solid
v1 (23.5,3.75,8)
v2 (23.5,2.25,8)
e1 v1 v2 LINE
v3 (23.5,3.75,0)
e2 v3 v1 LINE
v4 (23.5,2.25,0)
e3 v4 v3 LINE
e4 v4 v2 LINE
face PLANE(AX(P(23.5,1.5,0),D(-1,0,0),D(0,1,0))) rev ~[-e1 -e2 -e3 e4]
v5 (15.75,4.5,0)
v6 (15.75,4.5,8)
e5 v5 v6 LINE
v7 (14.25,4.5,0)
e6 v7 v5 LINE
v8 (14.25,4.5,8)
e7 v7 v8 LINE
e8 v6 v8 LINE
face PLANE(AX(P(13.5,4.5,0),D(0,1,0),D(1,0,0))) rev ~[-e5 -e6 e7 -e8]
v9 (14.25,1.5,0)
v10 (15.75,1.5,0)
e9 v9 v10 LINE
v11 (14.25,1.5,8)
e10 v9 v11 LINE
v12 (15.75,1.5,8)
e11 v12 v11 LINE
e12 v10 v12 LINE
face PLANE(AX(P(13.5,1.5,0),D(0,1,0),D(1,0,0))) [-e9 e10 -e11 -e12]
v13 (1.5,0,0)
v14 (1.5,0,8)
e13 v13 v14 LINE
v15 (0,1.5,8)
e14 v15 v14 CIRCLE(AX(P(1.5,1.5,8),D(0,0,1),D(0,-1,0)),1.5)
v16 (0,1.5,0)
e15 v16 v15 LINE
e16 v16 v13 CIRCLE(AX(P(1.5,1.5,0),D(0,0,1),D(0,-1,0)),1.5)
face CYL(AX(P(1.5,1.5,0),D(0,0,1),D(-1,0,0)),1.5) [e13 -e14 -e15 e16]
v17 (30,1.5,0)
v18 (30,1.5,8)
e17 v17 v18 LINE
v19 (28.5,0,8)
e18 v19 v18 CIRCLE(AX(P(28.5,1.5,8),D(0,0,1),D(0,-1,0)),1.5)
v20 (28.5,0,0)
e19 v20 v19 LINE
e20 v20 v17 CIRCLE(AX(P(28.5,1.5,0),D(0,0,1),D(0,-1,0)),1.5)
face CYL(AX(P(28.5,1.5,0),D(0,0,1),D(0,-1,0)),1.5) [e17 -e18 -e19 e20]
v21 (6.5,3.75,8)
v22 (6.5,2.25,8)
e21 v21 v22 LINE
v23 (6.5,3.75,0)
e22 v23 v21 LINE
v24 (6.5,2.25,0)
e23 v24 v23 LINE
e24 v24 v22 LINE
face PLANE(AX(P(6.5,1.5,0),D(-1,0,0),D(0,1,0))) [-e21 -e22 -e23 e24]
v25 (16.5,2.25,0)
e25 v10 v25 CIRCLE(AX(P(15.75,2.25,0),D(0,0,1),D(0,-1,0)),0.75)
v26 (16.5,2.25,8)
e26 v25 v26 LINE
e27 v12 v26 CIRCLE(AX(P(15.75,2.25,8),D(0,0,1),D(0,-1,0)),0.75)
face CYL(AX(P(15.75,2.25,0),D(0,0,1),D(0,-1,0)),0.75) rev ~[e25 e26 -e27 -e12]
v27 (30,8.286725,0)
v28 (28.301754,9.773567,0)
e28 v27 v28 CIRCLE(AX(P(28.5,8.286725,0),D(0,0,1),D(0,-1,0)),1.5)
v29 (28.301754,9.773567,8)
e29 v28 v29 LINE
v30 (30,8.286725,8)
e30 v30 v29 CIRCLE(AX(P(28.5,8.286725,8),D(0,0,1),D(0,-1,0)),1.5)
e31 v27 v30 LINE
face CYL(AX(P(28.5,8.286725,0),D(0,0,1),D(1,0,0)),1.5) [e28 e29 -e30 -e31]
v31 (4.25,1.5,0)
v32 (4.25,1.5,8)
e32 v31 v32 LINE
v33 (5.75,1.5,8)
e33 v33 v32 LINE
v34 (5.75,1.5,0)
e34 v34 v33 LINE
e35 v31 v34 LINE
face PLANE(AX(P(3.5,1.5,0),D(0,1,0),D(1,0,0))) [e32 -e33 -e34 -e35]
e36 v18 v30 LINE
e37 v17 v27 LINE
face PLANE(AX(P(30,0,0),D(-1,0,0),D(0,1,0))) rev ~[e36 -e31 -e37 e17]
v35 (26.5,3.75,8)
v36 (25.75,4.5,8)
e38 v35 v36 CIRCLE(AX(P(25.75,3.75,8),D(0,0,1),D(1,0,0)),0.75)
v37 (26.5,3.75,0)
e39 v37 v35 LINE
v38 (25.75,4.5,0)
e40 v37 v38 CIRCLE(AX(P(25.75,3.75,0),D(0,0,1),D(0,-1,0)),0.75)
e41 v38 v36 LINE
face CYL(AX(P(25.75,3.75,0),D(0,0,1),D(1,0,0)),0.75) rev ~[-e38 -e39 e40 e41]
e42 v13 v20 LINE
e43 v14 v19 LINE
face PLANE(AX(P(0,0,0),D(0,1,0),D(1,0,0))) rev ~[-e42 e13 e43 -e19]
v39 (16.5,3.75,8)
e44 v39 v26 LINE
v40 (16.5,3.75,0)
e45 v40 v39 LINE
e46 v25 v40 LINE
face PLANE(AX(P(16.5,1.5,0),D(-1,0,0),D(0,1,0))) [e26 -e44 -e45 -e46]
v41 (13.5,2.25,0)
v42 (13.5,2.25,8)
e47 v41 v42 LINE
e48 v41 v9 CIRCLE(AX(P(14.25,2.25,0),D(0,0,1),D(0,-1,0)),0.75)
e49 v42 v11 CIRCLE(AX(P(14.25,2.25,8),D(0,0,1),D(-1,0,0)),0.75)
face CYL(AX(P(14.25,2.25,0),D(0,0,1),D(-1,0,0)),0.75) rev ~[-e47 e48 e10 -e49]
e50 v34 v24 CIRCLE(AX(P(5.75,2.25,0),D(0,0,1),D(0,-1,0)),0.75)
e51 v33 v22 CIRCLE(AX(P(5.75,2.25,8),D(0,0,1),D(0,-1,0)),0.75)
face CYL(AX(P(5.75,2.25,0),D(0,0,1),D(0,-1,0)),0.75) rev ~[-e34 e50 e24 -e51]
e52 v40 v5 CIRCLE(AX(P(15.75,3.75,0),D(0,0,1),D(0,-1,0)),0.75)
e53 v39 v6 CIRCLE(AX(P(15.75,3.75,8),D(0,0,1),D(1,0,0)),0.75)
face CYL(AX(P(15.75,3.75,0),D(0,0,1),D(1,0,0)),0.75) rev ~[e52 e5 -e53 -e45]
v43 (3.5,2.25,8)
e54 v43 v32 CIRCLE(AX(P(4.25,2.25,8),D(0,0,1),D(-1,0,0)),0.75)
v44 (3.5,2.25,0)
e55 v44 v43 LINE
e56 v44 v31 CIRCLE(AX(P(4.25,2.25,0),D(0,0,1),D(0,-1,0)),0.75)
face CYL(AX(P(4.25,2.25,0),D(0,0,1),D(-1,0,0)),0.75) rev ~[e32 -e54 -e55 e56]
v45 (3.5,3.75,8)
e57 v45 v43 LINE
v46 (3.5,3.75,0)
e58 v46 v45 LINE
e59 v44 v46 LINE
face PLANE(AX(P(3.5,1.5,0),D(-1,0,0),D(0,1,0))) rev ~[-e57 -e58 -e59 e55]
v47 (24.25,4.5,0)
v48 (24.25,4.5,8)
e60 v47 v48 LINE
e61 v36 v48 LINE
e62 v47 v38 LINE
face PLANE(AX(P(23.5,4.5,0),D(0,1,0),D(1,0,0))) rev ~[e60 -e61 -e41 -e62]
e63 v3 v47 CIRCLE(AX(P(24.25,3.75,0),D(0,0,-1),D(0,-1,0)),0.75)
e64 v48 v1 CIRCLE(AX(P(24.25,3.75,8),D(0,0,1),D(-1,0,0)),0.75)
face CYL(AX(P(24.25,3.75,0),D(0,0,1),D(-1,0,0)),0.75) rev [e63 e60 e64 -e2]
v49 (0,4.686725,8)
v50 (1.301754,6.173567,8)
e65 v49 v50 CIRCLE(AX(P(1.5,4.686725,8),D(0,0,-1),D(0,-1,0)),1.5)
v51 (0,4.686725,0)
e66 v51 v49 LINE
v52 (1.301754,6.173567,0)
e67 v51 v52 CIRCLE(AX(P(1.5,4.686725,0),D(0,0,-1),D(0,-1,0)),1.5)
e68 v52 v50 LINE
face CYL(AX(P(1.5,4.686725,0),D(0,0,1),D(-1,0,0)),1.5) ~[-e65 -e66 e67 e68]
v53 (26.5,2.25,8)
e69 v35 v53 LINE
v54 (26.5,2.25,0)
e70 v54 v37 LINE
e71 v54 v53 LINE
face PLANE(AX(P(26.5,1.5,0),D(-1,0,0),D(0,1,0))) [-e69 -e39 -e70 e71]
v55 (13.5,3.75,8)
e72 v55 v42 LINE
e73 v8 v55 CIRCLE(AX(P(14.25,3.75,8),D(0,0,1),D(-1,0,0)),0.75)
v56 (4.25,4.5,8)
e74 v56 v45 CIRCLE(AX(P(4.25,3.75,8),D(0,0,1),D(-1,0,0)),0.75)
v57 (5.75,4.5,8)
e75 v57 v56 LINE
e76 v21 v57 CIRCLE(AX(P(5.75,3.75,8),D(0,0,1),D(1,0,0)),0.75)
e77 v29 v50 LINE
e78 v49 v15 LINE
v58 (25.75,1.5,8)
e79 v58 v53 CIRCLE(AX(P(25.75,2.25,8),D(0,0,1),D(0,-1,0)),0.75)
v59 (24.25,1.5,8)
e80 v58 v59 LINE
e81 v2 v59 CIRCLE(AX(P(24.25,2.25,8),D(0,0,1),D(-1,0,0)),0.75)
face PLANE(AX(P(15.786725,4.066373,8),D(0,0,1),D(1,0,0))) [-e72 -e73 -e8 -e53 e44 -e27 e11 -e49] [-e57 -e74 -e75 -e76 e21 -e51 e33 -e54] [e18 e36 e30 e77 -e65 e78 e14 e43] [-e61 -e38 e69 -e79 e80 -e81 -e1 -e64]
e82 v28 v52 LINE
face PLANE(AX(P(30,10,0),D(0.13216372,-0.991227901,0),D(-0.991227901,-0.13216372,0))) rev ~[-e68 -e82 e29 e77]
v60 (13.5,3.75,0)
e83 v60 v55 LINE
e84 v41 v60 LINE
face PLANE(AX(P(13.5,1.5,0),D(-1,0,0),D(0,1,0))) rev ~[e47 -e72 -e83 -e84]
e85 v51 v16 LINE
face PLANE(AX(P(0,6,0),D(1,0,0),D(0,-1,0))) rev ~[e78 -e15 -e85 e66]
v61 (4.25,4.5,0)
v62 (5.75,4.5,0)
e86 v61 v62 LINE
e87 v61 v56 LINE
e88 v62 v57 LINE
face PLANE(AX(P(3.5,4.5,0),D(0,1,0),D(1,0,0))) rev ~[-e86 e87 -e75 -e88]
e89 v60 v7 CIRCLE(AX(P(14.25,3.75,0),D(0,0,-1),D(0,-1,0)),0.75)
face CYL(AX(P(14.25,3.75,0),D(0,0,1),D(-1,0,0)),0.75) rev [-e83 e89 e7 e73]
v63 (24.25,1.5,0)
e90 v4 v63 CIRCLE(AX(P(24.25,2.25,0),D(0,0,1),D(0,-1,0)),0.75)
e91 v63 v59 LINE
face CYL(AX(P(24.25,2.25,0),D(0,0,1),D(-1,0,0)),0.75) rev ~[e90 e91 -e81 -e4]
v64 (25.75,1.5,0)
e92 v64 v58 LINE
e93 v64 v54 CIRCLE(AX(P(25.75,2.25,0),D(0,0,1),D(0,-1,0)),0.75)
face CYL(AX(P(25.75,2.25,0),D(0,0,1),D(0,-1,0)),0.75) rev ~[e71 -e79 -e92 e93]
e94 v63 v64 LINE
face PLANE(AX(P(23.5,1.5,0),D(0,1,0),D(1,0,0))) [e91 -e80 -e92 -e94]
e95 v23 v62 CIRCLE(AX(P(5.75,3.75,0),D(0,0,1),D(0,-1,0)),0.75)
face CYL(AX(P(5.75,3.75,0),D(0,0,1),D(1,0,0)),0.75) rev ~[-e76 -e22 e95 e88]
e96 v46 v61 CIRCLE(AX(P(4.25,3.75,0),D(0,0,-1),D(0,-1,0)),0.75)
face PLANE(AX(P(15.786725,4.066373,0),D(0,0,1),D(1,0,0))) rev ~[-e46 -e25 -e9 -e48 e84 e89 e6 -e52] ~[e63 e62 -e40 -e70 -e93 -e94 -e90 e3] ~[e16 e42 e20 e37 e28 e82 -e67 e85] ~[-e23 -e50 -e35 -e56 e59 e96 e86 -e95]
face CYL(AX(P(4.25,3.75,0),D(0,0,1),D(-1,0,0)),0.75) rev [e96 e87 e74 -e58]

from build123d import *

# Parameters (mm, degrees)
F1_DEPTH = 8
F2_R     = 1.5
F3_W     = 3
F3_H     = 3
F4_DEPTH = 9
F5_R     = 0.75


with BuildPart() as f1:
    # F0 (on Top) → F1 (new body)
    with BuildSketch(Plane.XY):
        Polygon((0, 6), (0, 0), (30, 0), (30, 10), align=None)
    extrude(amount=F1_DEPTH)

    # F2
    f2_edges = [f1.edges().sort_by_distance(p)[0] for p in [
        (30, 0, 4),
        (0, 0, 4),
        (30, 10, 4),
        (0, 6, 4),
    ]]
    fillet(f2_edges, radius=F2_R)


with BuildPart() as f4:
    # F3 (on Top) → F4 (new body)
    with BuildSketch(Plane.XY):
        Rectangle(F3_W, F3_H)
    extrude(amount=F4_DEPTH)

    # F5
    f5_edges = [f4.edges().sort_by_distance(p)[0] for p in [
        (1.5, -1.5, 4.5),
        (-1.5, -1.5, 4.5),
        (1.5, 1.5, 4.5),
        (-1.5, 1.5, 4.5),
    ]]
    fillet(f5_edges, radius=F5_R)


with BuildPart() as f4_1:
    # F6: moved
    add(f4.part.moved(Location((25, 4, 0))))


with BuildPart() as f7_1:
    # F7: copy of F4
    add(f4_1.part)


with BuildPart() as f7_1_1:
    # F8: moved
    add(f7_1.part.moved(Location((-10, 0, 0))))


with BuildPart() as f9_1:
    # F9: copy of F7_1
    add(f7_1_1.part)


with BuildPart() as f9_1_1:
    # F10: moved
    add(f9_1.part.moved(Location((-10, 0, 0))))


with BuildPart() as f4_2:
    # F11: moved
    add(f4_1.part.moved(Location((0, -1, 0))))


with BuildPart() as f7_1_2:
    # F11: moved
    add(f7_1_1.part.moved(Location((0, -1, 0))))


with BuildPart() as f9_1_2:
    # F11: moved
    add(f9_1_1.part.moved(Location((0, -1, 0))))


with BuildPart() as f1_1:
    add(f1.part)

    # F12: cut F7_1, F4, F9_1
    add(f7_1_2.part, mode=Mode.SUBTRACT)
    add(f4_2.part, mode=Mode.SUBTRACT)
    add(f9_1_2.part, mode=Mode.SUBTRACT)


solid = f1_1.part
